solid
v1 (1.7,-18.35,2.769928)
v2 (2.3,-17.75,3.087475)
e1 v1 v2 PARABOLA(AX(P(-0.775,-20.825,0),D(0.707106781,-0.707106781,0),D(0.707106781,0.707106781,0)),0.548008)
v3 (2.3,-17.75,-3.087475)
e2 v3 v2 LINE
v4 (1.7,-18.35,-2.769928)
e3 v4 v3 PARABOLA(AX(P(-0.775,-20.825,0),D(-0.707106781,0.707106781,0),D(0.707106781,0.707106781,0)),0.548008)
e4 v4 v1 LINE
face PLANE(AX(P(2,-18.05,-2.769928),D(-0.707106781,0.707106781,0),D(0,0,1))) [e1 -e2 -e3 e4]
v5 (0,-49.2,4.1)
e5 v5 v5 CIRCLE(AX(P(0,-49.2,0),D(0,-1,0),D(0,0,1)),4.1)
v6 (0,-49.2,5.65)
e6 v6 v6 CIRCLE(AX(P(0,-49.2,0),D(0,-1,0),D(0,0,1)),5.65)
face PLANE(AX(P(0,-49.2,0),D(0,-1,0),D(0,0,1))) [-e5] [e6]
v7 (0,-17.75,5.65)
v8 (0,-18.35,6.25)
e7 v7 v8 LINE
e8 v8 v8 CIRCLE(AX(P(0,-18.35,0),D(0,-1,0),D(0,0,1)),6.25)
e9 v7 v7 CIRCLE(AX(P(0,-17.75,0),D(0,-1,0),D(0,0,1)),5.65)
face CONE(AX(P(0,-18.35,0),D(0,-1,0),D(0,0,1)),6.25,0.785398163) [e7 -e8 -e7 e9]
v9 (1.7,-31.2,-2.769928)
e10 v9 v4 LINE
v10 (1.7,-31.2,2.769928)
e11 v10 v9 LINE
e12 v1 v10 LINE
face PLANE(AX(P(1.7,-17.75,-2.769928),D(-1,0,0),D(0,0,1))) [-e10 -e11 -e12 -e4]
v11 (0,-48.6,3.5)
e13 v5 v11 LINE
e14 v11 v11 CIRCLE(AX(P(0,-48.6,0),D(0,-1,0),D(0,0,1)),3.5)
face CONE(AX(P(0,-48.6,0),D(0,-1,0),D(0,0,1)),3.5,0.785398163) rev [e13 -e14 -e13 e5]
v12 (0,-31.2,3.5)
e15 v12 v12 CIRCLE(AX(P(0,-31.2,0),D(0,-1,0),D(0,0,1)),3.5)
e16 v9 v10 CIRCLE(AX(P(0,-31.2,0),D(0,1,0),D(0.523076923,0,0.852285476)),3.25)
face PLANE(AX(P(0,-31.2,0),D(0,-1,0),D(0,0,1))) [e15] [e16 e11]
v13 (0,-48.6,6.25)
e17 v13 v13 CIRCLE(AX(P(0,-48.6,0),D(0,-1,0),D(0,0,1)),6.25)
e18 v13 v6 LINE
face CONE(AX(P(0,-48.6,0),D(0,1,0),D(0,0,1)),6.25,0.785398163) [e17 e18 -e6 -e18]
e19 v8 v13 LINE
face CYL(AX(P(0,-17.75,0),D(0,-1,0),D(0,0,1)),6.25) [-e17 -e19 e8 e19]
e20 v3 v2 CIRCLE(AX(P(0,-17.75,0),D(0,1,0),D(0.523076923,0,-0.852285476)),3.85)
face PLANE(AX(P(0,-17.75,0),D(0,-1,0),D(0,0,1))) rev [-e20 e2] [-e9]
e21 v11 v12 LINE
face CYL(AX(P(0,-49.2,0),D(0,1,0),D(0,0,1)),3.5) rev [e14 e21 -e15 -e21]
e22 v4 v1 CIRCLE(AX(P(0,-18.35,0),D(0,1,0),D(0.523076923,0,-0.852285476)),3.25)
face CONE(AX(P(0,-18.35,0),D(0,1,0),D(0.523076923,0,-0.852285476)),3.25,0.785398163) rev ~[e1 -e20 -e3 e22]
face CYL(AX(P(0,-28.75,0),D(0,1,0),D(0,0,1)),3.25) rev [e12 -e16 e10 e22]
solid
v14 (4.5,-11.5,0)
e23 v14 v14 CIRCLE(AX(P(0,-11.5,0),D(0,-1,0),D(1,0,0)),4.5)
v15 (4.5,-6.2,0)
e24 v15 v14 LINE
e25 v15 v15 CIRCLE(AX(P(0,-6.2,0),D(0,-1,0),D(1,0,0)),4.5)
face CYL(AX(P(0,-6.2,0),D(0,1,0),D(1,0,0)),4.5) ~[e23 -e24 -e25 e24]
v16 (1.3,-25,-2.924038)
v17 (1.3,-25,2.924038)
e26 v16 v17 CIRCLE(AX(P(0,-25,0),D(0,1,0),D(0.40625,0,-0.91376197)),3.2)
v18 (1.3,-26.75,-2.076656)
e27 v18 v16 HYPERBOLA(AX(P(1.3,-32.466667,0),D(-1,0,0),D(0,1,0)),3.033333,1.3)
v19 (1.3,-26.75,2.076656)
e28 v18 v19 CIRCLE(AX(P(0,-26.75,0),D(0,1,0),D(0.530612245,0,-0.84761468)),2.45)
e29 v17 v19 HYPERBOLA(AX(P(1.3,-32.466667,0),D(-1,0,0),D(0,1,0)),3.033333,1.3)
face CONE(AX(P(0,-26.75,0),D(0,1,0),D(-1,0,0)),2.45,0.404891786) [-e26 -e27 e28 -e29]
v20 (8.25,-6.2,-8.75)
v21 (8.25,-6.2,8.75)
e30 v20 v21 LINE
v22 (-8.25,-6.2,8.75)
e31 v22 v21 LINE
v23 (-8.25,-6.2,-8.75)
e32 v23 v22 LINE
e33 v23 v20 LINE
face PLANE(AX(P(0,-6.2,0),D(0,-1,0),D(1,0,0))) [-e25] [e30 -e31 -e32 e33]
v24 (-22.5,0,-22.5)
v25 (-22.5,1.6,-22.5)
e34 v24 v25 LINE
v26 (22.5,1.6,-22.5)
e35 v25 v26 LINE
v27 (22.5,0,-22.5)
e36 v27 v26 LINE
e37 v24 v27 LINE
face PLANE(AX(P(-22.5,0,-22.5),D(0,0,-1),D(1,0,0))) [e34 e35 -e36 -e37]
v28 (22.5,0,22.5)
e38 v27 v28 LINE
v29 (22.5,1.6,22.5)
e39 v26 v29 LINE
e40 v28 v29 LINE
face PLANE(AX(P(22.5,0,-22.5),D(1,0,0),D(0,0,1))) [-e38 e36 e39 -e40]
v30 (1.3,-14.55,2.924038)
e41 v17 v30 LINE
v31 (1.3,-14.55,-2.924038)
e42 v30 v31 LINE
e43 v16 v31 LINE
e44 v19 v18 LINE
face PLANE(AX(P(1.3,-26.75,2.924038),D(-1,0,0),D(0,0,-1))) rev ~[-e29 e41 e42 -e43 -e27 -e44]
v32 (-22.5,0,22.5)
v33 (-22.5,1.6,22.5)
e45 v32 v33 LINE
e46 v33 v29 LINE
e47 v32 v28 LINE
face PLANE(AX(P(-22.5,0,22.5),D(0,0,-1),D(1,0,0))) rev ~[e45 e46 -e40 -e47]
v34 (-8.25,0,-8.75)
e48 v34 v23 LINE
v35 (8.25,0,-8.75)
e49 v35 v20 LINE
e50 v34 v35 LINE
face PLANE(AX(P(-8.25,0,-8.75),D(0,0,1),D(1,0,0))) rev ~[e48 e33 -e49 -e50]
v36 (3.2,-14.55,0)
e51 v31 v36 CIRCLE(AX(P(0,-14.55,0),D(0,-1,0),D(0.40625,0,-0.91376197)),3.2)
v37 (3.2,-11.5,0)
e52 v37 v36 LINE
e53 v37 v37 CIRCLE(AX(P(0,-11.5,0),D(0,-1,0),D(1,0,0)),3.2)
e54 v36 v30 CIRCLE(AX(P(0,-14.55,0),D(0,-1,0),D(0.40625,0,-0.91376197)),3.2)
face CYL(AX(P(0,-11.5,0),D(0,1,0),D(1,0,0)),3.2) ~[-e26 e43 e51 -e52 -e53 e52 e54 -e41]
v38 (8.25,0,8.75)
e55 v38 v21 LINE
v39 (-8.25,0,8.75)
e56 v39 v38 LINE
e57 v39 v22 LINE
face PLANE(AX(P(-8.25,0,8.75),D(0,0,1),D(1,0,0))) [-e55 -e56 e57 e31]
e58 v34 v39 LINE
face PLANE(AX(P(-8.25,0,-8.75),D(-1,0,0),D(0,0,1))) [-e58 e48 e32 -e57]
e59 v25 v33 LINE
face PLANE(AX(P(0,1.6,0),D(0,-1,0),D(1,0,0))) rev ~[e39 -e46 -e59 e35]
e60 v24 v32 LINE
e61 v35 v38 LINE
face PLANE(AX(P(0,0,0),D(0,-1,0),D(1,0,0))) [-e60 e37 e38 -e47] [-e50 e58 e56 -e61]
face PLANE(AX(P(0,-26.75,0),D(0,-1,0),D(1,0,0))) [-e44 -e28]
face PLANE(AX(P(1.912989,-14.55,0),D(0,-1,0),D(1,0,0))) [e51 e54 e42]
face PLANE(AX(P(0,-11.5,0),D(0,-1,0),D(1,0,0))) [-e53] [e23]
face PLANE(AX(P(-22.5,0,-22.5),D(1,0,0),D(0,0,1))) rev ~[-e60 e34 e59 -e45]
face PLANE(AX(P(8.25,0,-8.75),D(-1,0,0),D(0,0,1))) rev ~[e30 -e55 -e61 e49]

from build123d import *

# Parameters (mm, degrees)
F0_W      = 45
F0_H      = 45
F1_DEPTH  = 1.6
F2_W      = 16.5
F2_H      = 17.5
F3_DEPTH  = 6.2
F4_R      = 4.5
F5_DEPTH  = 5.3
F6_R      = 3.2
F7_DEPTH  = 15.25
F9_DEPTH  = 12.2
F17_DEPTH = 11
F18_SIZE  = 0.6
F19_DEPTH = 25


with BuildPart() as f1:
    # F0 (on Front) → F1 (new body)
    with BuildSketch(Plane.XZ):
        Rectangle(F0_W, F0_H)
    extrude(amount=-F1_DEPTH)

    # F2 (on face) → F3 (join)
    with BuildSketch(Plane.XZ):
        Rectangle(F2_W, F2_H)
    extrude(amount=F3_DEPTH)

    # F4 (on face) → F5 (join)
    with BuildSketch(Plane.XZ.offset(6.2)):
        Circle(F4_R)
    extrude(amount=F5_DEPTH)

    # F6 (on face) → F7 (join)
    with BuildSketch(Plane.XZ.offset(11.5)):
        Circle(F6_R)
    extrude(amount=F7_DEPTH)

    # F8 (on face) → F9 (cut)
    with BuildSketch(Plane.XZ.offset(26.75)):
        with BuildLine():
            Line((1.3, 2.9240383034), (1.3, -2.9240383034))
            ThreePointArc((1.3, -2.9240383034), (3.2, 0), (1.3, 2.9240383034))
        make_face()
    extrude(amount=-F9_DEPTH, mode=Mode.SUBTRACT)

    # F10 (on Top) → F11 (revolve, cut)
    with BuildSketch(Plane.XY):
        Polygon((-2.45, -26.75), (-3.2, -25), (-3.2, -26.75), align=None)
    revolve(axis=Axis((0, -13.375, 0), (0, 1, 0)), mode=Mode.SUBTRACT)


with BuildPart() as f15:
    # F14 (on Right) → F15 (revolve)
    with BuildSketch(Plane.YZ):
        Polygon((-28.75, 3.25), (-17.75, 3.25), (-17.75, 6.25), (-49.2, 6.25), (-49.2, 3.5), (-31.2, 3.5), (-31.2, 0), (-28.75, 0), align=None)
    revolve(axis=Axis((0, -29.975, 0), (0, -1, 0)))

    # F16 (on face) → F17 (join, through all)
    with BuildSketch(Plane(origin=(0, -17.75, 0), x_dir=(-1, 0, 0), z_dir=(0, 1, 0))):
        with BuildLine():
            Line((-1.7, -2.7699277969), (-1.7, 2.7699277969))
            ThreePointArc((-1.7, 2.7699277969), (-3.25, 0), (-1.7, -2.7699277969))
        make_face()
    extrude(amount=-F17_DEPTH)

    # F18
    f18_edges = [f15.edges().sort_by_distance(p)[0] for p in [
        (0, -17.75, -6.25),
        (0, -49.2, -6.25),
        (0, -49.2, -3.5),
        (-3.25, -17.75, 0),
        (1.7, -17.75, 0),
    ]]
    chamfer(f18_edges, length=F18_SIZE)

    # F19 (cut): a face of the model
    f19_faces = [f15.faces().sort_by_distance(p)[0] for p in [
        (-0.5225292511, -28.75, 0),
    ]]
    extrude(f19_faces, amount=-F19_DEPTH, mode=Mode.SUBTRACT)


solid = Compound([f1.part, f15.part])
